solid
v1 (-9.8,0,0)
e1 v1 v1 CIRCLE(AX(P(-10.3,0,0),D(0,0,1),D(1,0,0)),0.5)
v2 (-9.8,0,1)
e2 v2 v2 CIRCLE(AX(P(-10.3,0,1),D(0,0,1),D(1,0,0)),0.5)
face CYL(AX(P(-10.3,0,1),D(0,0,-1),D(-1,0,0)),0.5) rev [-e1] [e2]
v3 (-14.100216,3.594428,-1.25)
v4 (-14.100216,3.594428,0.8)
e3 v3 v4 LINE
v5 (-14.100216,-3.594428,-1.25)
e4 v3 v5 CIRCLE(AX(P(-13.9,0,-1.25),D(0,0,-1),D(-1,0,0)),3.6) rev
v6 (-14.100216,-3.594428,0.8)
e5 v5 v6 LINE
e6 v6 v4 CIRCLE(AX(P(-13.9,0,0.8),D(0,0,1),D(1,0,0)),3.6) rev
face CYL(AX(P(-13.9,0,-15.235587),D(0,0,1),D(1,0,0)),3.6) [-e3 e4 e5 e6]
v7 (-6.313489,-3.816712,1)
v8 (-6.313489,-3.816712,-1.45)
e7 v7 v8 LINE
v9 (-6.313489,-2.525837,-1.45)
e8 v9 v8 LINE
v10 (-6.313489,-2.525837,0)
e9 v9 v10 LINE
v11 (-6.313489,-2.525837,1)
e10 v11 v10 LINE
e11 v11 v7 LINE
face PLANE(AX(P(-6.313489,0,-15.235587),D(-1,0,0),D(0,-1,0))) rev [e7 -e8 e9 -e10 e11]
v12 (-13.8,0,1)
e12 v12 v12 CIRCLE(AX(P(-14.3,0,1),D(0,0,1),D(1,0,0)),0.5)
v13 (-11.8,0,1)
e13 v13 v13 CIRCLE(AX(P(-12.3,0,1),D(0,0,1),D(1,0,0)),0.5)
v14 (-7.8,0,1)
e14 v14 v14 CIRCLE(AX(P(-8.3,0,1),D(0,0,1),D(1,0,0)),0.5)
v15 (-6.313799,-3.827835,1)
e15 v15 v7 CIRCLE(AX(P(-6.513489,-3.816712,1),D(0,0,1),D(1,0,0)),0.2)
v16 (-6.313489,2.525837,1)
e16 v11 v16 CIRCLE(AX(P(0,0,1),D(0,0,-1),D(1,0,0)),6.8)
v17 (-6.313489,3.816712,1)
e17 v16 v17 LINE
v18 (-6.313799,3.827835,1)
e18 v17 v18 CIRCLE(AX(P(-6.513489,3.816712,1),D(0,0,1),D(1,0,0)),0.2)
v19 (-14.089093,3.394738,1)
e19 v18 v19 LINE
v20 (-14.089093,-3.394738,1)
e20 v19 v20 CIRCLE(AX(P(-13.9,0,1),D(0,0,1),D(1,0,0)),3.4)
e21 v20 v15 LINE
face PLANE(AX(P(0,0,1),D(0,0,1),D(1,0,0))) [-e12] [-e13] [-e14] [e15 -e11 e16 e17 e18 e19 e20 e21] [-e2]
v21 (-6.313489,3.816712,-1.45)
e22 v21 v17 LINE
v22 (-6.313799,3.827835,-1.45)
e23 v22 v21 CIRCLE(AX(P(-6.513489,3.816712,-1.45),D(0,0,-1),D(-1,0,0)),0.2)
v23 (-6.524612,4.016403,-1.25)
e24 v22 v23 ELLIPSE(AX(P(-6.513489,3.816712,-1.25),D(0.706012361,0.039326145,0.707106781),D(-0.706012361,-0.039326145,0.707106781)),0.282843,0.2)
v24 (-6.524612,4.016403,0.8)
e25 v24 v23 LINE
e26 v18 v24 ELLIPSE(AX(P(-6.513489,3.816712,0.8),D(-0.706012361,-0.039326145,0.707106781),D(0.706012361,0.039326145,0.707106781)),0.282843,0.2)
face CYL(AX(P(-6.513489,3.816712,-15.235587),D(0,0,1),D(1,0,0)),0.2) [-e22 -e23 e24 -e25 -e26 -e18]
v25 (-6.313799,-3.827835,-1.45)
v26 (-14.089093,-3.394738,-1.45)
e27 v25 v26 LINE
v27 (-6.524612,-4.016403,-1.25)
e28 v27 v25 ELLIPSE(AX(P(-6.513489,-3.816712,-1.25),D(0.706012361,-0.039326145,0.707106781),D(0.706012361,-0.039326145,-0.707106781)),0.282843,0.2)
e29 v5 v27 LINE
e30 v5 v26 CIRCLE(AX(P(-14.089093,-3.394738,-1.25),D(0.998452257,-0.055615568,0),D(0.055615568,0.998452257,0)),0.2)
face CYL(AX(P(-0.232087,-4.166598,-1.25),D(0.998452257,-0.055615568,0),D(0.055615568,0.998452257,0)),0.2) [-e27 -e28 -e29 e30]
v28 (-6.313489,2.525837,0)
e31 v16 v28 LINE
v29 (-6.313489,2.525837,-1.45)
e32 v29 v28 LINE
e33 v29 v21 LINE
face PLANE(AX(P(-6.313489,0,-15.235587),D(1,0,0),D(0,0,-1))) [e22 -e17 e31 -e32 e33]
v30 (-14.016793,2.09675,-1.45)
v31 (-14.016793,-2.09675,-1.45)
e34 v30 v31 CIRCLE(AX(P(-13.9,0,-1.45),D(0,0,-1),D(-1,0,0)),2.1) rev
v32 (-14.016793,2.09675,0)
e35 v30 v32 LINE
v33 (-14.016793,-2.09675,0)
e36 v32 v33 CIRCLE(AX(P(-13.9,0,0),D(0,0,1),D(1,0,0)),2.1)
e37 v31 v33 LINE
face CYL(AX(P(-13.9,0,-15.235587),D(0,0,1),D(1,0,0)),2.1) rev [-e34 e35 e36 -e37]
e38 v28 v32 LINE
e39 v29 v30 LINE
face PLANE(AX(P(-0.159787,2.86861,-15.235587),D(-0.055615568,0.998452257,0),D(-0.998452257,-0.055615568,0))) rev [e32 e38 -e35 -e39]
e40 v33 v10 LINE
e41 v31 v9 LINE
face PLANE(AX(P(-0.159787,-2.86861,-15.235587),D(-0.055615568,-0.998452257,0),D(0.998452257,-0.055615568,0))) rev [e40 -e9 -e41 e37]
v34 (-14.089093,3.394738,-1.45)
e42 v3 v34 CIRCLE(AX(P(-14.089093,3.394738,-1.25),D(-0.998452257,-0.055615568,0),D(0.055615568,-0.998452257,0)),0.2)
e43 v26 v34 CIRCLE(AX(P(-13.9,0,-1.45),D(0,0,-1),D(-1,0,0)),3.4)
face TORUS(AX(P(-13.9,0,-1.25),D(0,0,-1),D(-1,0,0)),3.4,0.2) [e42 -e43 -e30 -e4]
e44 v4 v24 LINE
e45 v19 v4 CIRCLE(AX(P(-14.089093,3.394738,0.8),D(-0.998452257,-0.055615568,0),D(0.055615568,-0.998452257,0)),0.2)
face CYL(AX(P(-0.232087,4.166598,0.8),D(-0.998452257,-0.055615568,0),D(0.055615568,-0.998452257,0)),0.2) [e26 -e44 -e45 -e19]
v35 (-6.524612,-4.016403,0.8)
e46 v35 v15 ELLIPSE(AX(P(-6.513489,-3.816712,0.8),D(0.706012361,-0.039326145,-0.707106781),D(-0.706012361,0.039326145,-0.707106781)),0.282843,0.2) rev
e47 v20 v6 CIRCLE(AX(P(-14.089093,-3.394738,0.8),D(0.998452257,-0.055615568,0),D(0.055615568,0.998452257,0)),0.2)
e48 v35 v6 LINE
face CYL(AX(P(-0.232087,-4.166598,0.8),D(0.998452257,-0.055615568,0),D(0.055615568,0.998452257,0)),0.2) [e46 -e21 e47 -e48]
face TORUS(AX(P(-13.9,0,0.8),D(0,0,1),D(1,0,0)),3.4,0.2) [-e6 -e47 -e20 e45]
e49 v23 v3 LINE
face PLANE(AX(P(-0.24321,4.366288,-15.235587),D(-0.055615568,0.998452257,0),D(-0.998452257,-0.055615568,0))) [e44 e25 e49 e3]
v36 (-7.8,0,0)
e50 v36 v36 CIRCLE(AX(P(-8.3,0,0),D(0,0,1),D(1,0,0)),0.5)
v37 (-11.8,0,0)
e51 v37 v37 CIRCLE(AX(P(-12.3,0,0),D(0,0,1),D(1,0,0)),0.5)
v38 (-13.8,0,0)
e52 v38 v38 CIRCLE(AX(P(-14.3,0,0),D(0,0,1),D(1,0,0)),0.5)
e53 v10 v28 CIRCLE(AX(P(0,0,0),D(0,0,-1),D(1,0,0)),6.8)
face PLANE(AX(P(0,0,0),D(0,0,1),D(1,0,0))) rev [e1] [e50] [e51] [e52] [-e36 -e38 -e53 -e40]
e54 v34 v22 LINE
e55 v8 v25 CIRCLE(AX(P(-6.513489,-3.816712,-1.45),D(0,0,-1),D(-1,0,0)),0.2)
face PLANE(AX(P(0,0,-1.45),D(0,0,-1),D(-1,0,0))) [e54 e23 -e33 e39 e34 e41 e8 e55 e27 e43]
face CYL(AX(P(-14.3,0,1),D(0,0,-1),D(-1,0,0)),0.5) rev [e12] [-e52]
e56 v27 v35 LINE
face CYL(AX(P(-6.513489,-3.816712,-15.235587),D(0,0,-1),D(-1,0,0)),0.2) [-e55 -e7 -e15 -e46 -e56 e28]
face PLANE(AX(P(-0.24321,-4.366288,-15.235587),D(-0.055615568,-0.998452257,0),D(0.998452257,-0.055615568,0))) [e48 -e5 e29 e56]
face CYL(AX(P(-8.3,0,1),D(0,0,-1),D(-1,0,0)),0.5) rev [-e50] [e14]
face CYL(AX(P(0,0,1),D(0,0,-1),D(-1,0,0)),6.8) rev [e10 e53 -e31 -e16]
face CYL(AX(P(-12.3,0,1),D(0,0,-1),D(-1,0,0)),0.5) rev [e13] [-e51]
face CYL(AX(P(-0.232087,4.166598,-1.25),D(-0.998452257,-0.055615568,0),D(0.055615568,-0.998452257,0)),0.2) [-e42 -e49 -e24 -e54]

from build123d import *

# Parameters (mm, degrees)
SKETCH_1_R      = 0.5
EXTRUDE_1_DEPTH = 1
EXTRUDE_START   = -2.45
EXTRUDE_2_DEPTH = 2.45
FILLET_1_R      = 0.2


with BuildPart() as part:
    # 草图1 → 凸台-拉伸1 (new body)
    with BuildSketch(Plane.XY):
        with BuildLine():
            Line((-14.016792693, -2.096749739), (-6.313489141, -2.525837459))
            ThreePointArc((-6.313489141, -2.525837459), (-6.8, 0), (-6.313489141, 2.525837459))
            Line((-6.313489141, 2.525837459), (-14.016792693, 2.096749739))
            ThreePointArc((-14.016792693, 2.096749739), (-16, 0), (-14.016792693, -2.096749739))
        make_face()
        with Locations((-10.3, 0)):
            Circle(SKETCH_1_R, mode=Mode.SUBTRACT)
        with Locations((-14.3, 0)):
            Circle(SKETCH_1_R, mode=Mode.SUBTRACT)
        with Locations((-8.3, 0)):
            Circle(SKETCH_1_R, mode=Mode.SUBTRACT)
        with Locations((-12.3, 0)):
            Circle(SKETCH_1_R, mode=Mode.SUBTRACT)
    extrude(amount=EXTRUDE_1_DEPTH)

    # 草图3 → 凸台-拉伸2 (add)
    with BuildSketch(Plane.XY.offset(1).offset(EXTRUDE_START)):
        with BuildLine():
            Line((-6.313489141, 4.028162673), (-14.100216045, 3.594428124))
            ThreePointArc((-14.100216045, 3.594428124), (-17.5, 0), (-14.100216045, -3.594428124))
            Line((-14.100216045, -3.594428124), (-6.313489141, -4.028162673))
            Line((-6.313489141, -4.028162673), (-6.313489141, -2.525837459))
            Line((-6.313489141, -2.525837459), (-14.016792693, -2.096749739))
            ThreePointArc((-14.016792693, -2.096749739), (-16, 0), (-14.016792693, 2.096749739))
            Line((-14.016792693, 2.096749739), (-6.313489141, 2.525837459))
            Line((-6.313489141, 2.525837459), (-6.313489141, 4.028162673))
        make_face()
    extrude(amount=EXTRUDE_2_DEPTH)

    # 圆角1
    fillet_1_edges = [part.edges().sort_by_distance(p)[0] for p in [
        (-10.206852593, 3.811295398, 1),
        (-17.5, 0, 1),
        (-10.206852593, -3.811295398, 1),
        (-17.5, 0, -1.45),
        (-10.206852593, -3.811295398, -1.45),
        (-6.313489141, -4.028162673, -0.225),
        (-6.313489141, 4.028162673, -0.225),
        (-10.206852593, 3.811295398, -1.45),
    ]]
    fillet(fillet_1_edges, radius=FILLET_1_R)


solid = part.part
